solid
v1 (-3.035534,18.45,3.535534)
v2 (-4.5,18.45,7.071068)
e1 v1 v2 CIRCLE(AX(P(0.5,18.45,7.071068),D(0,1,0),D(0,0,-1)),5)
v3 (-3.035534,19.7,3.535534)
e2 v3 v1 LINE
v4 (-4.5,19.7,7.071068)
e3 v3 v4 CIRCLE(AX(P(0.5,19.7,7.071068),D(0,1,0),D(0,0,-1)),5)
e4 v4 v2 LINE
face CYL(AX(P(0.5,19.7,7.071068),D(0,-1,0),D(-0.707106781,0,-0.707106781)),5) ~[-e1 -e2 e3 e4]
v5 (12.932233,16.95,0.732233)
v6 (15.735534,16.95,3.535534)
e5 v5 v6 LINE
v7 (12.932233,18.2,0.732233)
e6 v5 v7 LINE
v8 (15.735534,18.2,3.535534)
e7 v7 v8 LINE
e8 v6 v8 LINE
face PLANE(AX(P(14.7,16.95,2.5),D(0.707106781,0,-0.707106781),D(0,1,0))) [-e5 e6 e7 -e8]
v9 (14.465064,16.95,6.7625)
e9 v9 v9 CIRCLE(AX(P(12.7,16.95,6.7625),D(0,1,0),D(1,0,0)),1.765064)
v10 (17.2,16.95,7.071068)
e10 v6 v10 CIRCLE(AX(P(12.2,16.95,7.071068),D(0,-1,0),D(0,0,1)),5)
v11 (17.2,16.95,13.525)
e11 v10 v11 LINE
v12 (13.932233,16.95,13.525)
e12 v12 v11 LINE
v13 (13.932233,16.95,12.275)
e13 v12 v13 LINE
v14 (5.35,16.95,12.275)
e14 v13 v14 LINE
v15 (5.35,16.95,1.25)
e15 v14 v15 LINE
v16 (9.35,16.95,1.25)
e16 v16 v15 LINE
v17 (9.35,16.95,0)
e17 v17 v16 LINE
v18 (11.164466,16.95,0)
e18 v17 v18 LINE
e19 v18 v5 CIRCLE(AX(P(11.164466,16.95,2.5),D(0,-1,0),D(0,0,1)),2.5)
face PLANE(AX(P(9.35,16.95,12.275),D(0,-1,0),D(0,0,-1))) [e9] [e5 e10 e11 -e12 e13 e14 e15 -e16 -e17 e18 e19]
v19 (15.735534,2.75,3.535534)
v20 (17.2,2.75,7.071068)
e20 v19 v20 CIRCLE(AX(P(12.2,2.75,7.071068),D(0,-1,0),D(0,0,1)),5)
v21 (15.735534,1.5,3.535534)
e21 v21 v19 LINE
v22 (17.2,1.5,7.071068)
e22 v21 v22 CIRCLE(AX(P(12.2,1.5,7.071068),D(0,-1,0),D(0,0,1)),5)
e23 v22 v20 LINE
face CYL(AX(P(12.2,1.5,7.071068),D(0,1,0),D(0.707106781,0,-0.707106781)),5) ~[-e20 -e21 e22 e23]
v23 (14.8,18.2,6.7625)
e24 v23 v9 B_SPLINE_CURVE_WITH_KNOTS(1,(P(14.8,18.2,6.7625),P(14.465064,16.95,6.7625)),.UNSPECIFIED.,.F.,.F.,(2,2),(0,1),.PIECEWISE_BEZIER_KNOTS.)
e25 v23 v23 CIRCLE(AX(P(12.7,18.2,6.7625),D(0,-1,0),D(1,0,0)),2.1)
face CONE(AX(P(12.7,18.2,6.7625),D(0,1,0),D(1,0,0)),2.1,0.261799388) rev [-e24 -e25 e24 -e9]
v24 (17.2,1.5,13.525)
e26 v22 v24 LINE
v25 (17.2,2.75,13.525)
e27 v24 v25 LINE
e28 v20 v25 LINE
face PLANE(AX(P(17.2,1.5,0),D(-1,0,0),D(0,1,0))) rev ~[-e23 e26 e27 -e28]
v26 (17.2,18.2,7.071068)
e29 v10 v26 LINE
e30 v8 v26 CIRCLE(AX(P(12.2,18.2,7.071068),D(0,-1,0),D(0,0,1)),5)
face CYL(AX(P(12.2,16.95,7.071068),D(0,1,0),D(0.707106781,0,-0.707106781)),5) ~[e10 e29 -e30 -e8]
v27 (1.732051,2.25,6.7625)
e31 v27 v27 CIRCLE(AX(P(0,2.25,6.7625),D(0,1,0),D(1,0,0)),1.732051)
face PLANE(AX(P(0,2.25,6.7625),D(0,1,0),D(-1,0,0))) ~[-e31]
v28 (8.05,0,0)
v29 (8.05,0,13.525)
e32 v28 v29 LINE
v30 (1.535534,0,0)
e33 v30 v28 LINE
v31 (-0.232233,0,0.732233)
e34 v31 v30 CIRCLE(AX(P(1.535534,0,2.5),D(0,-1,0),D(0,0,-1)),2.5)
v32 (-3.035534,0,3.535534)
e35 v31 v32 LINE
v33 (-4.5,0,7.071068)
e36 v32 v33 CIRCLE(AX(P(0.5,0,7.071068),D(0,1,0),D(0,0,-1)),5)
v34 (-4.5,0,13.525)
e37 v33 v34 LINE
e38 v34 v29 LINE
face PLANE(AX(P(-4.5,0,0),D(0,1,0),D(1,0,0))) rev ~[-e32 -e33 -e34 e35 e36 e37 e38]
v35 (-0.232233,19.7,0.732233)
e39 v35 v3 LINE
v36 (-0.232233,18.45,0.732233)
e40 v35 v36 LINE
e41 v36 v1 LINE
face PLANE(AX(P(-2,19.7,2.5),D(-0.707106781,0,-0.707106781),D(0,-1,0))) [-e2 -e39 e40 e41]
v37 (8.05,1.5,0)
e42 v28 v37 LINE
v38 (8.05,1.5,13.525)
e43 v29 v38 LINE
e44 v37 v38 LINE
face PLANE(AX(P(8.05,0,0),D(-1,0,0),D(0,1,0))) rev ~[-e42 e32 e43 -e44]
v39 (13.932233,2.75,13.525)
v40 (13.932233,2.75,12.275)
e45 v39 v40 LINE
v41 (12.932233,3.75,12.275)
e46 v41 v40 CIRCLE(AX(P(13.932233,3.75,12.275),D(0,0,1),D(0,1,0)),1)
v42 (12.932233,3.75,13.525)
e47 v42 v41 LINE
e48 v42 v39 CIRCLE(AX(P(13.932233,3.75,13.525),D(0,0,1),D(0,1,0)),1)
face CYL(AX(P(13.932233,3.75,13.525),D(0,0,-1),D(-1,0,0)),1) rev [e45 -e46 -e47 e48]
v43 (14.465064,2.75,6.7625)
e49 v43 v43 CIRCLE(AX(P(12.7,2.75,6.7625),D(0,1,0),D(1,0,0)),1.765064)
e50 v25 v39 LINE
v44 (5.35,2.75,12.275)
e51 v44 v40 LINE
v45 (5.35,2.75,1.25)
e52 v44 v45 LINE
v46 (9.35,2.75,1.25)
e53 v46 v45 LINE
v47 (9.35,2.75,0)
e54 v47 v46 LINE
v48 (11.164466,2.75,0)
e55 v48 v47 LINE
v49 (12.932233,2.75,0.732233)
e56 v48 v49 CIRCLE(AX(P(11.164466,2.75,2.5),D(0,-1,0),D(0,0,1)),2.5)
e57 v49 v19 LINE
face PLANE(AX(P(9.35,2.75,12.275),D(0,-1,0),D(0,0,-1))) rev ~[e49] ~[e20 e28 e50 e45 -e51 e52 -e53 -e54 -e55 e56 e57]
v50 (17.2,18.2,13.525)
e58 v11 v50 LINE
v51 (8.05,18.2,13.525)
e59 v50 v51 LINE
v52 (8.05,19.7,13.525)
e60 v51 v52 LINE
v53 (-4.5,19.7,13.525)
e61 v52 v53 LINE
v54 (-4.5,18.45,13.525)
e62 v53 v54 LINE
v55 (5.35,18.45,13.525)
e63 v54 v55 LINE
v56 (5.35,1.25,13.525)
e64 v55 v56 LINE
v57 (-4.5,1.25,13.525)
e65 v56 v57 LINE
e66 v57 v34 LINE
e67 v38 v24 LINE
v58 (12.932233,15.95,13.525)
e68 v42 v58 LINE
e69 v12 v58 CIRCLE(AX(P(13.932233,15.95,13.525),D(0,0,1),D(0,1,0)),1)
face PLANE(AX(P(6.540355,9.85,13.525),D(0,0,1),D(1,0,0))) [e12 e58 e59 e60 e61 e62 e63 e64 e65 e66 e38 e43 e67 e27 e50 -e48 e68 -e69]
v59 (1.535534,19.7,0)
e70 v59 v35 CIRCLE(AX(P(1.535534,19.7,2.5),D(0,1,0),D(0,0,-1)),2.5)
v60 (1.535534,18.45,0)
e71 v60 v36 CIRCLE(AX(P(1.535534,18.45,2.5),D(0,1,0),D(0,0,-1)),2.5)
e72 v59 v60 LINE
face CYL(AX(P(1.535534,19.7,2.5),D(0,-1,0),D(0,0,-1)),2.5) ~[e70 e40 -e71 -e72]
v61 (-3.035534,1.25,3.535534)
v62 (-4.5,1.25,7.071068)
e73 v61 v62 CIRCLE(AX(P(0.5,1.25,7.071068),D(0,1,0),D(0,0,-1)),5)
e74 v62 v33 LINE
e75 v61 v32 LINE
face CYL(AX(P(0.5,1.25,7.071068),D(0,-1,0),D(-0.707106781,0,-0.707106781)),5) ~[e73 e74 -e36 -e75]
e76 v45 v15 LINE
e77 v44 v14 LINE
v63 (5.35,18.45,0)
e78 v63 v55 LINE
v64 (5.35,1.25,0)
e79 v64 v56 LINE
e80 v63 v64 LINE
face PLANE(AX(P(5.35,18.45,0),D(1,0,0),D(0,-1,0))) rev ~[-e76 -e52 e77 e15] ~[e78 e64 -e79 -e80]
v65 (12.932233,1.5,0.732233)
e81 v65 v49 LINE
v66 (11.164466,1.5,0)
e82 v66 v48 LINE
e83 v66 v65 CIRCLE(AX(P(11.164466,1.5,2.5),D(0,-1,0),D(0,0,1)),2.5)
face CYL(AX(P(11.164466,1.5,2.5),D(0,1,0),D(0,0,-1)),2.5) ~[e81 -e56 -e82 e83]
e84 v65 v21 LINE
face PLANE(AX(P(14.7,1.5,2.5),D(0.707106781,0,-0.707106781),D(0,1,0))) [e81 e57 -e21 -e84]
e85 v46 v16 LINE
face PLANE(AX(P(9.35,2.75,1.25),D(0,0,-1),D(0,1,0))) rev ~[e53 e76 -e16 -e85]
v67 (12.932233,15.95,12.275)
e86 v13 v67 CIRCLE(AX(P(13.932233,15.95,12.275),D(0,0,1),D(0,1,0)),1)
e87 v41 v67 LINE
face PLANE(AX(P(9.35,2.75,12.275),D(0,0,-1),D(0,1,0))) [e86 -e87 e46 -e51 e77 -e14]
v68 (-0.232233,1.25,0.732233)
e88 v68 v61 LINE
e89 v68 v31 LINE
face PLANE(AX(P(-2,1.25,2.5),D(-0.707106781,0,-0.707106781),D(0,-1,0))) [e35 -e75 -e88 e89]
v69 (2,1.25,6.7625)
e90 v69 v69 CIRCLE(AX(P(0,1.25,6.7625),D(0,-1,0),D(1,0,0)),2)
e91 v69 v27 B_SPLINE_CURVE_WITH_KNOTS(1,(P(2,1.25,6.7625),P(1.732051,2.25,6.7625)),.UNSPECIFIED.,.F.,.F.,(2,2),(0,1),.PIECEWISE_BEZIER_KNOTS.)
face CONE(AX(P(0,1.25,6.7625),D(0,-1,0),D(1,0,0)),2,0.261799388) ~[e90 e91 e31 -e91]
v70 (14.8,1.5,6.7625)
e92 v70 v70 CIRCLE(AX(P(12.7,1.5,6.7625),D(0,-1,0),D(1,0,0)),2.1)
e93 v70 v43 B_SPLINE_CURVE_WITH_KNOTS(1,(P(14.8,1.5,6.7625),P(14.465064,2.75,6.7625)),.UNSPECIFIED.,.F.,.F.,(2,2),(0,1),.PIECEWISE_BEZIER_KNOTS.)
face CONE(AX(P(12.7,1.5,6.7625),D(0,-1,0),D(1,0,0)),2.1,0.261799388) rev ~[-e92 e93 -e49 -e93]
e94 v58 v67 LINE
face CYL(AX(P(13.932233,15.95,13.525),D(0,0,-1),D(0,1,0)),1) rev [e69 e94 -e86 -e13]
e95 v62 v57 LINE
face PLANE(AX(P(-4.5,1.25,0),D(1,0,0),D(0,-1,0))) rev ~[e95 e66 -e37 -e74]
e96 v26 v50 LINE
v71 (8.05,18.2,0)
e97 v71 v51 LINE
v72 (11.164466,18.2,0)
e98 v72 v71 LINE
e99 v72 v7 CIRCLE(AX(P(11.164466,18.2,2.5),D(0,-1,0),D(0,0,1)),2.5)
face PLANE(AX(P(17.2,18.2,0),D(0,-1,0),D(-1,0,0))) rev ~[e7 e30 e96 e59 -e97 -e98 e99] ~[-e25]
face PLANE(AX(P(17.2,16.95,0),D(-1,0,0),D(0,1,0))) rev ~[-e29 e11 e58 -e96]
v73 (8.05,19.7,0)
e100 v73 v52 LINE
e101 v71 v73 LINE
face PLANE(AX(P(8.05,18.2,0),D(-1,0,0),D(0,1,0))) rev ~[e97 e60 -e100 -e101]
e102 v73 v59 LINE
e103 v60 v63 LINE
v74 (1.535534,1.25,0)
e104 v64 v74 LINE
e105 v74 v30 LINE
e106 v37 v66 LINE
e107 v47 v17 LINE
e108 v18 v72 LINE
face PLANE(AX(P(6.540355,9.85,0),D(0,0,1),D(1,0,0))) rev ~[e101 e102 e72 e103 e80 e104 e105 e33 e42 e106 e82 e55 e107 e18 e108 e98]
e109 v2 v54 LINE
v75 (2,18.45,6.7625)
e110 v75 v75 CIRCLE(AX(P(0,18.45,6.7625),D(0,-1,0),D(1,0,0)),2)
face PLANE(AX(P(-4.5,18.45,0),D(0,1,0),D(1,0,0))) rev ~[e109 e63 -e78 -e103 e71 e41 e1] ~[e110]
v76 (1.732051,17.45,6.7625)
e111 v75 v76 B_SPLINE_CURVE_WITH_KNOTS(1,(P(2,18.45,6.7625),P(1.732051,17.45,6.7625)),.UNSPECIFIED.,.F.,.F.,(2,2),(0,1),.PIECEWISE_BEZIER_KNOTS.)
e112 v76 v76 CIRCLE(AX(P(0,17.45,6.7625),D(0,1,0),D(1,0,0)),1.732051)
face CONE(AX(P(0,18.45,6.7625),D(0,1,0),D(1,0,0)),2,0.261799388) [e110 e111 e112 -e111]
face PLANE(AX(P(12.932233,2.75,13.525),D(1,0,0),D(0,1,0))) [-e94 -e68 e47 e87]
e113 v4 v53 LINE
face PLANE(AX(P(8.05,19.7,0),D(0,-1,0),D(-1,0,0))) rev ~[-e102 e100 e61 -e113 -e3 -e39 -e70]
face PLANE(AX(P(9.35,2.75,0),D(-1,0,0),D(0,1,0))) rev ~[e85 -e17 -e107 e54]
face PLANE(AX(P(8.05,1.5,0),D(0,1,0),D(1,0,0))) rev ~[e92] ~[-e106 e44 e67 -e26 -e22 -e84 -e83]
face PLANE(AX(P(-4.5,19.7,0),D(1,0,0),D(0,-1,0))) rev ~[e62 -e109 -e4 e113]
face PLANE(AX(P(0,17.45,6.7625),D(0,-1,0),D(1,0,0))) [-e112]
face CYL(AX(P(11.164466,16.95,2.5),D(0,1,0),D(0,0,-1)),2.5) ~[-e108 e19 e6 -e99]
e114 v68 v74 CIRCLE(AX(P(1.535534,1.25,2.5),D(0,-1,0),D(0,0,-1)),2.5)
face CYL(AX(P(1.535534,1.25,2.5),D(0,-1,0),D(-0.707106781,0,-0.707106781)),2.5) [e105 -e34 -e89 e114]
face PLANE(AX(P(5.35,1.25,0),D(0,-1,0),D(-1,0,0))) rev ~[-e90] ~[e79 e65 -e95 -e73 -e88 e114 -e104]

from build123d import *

# Parameters (mm, degrees)
BOSS_EXTRUDE1_DEPTH = 13.525
SKETCH3_W           = 11.025
SKETCH3_H           = 14.2
CUT_EXTRUDE1_DEPTH  = 5
SKETCH4_R           = 2
BOSS_PIVOT_DEPTH    = 1
BOSS_PIVOT_TAPER    = 15
SKETCH6_R           = 2.1
PIVOT_RECESS_DEPTH  = 1.25
PIVOT_RECESS_TAPER  = 15
CHAMFER5_SIZE       = 5
FILLET2_R           = 5
FILLET3_R           = 2.5
SKETCH8_W           = 3.997196271
SKETCH8_H           = 14.2
BOSS_EXTRUDE4_DEPTH = 1.25
FILLET4_R           = 1


with BuildPart() as part:
    # Sketch1 → Boss-Extrude1 (new body)
    with BuildSketch(Plane.XY):
        Polygon((5.35, 3.25), (5.35, 1.25), (-4.5, 1.25), (-4.5, 0), (8.05, 0), (8.05, 1.5), (17.2, 1.5), (17.2, 2.75), (9.35, 2.75), (9.35, 16.95), (17.2, 16.95), (17.2, 18.2), (8.05, 18.2), (8.05, 19.7), (-4.5, 19.7), (-4.5, 18.45), (5.35, 18.45), align=None)
    extrude(amount=BOSS_EXTRUDE1_DEPTH)

    # Sketch3 → Cut-Extrude1 (cut)
    with BuildSketch(Plane(origin=(9.35, 0, 0), x_dir=(0, 0, -1), z_dir=(1, 0, 0))):
        with Locations((-6.7625, 9.85)):
            Rectangle(SKETCH3_W, SKETCH3_H)
    extrude(amount=-CUT_EXTRUDE1_DEPTH, mode=Mode.SUBTRACT)

    # Sketch4 → boss pivot (add)
    with BuildSketch(Plane.XZ.offset(-18.45)):
        with Locations((0, 6.7625)):
            Circle(SKETCH4_R)
    boss_pivot = extrude(amount=BOSS_PIVOT_DEPTH, taper=BOSS_PIVOT_TAPER)

    # Sketch6 → pivot recess (cut)
    with BuildSketch(Plane(origin=(0, 18.2, 0), x_dir=(1, 0, 0), z_dir=(0, 1, 0))):
        with Locations((12.7, -6.7625)):
            Circle(SKETCH6_R)
    pivot_recess = extrude(amount=-PIVOT_RECESS_DEPTH, taper=PIVOT_RECESS_TAPER, mode=Mode.SUBTRACT)

    # Mirror1: boss pivot, pivot recess across plane
    add(boss_pivot.mirror(Plane.ZX.offset(9.85)))
    add(pivot_recess.mirror(Plane.ZX.offset(9.85)), mode=Mode.SUBTRACT)

    # Chamfer5
    chamfer5_edges = [part.edges().sort_by_distance(p)[0] for p in [
        (-4.5, 0.625, 0),
        (-4.5, 19.075, 0),
        (17.2, 17.575, 0),
        (17.2, 2.125, 0),
    ]]
    chamfer(chamfer5_edges, length=CHAMFER5_SIZE)

    # Fillet2
    fillet2_edges = [part.edges().sort_by_distance(p)[0] for p in [
        (17.2, 17.575, 5),
        (17.2, 2.125, 5),
        (-4.5, 0.625, 5),
        (-4.5, 19.075, 5),
    ]]
    fillet(fillet2_edges, radius=FILLET2_R)

    # Fillet3
    fillet3_edges = [part.edges().sort_by_distance(p)[0] for p in [
        (0.5, 19.075, 0),
        (0.5, 0.625, 0),
        (12.2, 2.125, 0),
        (12.2, 17.575, 0),
    ]]
    fillet(fillet3_edges, radius=FILLET3_R)

    # Sketch8 → Boss-Extrude4 (add)
    with BuildSketch(Plane.XY.offset(13.525)):
        with Locations((10.933634912, 9.85)):
            Rectangle(SKETCH8_W, SKETCH8_H)
    extrude(amount=-BOSS_EXTRUDE4_DEPTH)

    # Fillet4
    fillet4_edges = [part.edges().sort_by_distance(p)[0] for p in [
        (12.932233047, 16.95, 12.9),
        (12.932233047, 2.75, 12.9),
    ]]
    fillet(fillet4_edges, radius=FILLET4_R)


solid = part.part
